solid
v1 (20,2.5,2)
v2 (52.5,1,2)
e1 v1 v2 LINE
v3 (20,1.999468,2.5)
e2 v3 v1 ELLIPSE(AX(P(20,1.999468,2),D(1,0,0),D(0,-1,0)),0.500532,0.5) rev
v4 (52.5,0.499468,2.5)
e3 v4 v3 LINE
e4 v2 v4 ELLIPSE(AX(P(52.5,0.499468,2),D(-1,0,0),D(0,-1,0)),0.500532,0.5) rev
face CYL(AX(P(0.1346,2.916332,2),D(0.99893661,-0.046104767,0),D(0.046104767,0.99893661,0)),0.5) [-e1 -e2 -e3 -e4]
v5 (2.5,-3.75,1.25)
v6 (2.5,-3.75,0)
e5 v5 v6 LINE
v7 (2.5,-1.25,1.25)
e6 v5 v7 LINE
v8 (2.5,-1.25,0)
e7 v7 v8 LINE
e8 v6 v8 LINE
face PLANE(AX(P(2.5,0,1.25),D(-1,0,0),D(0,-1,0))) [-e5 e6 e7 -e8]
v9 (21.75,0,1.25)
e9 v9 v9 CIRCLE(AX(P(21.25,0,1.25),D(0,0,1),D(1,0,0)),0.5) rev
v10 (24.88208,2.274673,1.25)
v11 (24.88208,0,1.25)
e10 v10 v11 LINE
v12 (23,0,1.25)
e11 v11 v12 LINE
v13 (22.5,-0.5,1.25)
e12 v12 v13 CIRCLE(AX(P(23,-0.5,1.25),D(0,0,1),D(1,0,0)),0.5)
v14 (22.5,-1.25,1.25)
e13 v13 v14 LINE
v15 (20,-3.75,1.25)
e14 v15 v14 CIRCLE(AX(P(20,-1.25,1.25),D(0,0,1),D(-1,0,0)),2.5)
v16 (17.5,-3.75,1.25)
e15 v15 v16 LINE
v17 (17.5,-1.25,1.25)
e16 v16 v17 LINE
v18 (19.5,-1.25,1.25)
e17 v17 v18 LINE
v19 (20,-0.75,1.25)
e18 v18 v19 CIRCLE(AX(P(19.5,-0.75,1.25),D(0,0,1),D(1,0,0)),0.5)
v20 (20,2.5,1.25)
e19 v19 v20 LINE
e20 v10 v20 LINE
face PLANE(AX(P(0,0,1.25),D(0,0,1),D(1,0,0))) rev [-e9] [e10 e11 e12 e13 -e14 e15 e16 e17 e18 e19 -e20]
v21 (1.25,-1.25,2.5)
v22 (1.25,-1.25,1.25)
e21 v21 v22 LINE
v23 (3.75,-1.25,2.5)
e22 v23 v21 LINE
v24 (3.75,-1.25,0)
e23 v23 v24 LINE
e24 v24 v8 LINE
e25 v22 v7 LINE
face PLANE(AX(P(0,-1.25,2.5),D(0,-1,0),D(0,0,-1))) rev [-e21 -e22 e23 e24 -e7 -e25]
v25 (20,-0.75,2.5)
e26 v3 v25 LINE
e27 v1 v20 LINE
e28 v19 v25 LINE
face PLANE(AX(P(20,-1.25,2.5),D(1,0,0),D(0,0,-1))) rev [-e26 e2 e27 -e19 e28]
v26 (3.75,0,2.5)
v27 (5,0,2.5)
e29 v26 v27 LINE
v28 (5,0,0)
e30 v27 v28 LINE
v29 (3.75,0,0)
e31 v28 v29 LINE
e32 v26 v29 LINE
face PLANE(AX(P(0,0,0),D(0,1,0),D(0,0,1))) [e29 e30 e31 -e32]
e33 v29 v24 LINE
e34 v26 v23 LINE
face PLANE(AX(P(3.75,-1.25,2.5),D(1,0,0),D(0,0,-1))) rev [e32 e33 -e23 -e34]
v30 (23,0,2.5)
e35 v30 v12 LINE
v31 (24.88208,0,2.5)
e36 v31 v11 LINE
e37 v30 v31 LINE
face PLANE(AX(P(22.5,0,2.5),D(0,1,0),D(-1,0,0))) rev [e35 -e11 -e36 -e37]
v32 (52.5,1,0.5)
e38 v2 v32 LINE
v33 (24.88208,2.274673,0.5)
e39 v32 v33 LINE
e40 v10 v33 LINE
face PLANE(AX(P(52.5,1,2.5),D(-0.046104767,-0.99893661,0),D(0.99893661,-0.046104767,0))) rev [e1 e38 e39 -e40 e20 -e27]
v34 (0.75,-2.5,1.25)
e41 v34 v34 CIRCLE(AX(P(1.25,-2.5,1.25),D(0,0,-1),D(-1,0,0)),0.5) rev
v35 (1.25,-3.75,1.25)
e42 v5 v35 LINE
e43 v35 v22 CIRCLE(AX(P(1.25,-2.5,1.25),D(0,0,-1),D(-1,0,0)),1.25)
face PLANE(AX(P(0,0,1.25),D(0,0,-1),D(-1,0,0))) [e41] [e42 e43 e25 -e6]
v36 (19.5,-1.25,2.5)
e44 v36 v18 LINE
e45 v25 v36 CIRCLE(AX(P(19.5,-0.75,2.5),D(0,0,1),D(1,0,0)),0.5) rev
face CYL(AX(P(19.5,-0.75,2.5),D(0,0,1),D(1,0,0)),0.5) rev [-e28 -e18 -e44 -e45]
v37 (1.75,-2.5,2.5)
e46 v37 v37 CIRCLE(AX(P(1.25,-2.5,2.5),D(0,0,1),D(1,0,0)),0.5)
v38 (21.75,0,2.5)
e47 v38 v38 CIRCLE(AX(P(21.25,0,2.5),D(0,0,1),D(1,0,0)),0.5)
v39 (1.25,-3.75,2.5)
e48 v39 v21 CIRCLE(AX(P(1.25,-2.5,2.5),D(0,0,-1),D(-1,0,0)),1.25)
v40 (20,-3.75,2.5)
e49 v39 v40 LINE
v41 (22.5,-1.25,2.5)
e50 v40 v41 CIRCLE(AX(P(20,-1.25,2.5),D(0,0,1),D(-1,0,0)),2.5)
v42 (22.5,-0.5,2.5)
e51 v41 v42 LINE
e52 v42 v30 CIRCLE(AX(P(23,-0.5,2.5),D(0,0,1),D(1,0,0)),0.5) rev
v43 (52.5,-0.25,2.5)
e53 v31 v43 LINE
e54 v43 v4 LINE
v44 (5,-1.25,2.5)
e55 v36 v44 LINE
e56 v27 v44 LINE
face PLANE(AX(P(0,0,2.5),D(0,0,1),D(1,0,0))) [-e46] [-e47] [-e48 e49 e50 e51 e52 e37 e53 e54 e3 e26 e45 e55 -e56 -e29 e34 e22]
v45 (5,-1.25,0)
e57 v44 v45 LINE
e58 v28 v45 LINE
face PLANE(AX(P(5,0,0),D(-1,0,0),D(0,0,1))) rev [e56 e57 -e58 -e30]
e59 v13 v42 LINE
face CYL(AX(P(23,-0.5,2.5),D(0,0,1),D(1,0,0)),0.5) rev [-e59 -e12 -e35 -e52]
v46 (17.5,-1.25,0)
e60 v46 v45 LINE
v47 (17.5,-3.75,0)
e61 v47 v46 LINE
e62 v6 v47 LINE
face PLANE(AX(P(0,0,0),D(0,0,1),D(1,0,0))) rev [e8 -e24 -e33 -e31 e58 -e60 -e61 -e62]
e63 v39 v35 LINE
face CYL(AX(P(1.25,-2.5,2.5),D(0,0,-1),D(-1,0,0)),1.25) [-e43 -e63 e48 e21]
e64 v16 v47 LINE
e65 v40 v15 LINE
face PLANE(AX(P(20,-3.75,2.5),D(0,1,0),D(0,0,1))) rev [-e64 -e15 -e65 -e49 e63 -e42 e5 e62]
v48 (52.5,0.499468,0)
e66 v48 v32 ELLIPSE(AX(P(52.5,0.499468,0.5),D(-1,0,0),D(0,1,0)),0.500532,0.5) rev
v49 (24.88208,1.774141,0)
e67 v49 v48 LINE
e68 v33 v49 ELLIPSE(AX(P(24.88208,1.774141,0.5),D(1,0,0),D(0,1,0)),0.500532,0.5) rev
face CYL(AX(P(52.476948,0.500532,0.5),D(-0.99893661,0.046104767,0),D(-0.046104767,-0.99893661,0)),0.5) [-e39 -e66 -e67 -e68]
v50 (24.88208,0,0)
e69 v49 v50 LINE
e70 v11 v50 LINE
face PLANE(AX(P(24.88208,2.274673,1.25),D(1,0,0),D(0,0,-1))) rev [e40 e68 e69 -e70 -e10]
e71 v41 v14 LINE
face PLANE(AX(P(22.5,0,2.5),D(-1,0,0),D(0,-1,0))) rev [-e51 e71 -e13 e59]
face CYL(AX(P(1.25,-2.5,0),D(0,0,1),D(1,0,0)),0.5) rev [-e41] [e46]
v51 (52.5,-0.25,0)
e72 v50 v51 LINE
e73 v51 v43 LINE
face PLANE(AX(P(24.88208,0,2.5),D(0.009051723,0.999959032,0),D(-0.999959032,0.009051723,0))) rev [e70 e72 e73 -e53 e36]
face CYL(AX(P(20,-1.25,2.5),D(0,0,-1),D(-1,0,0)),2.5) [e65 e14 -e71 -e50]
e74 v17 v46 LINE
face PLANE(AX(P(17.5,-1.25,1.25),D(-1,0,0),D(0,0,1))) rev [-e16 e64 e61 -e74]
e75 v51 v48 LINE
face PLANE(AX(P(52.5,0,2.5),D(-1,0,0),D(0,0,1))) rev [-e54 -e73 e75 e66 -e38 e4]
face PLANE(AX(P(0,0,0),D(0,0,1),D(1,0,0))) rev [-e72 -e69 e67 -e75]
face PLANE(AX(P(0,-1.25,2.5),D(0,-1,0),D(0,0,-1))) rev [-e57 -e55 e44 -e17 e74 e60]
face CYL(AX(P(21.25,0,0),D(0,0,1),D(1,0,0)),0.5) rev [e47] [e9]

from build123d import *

# Parameters (mm, degrees)
BOSS_EXTRUDE1_DEPTH = 2.5
SKETCH2_W           = 2.5
SKETCH2_H           = 6.25
SKETCH2_H_2         = 2.5
CUT_EXTRUDE1_DEPTH  = 1.25
SKETCH3_R           = 0.5
CUT_EXTRUDE2_DEPTH  = 2.25
SKETCH4_W           = 2.5
SKETCH4_H           = 2.5
SKETCH4_R           = 0.5
SKETCH4_H_2         = 6.134615385
BOSS_EXTRUDE2_DEPTH = 1.25
BOSS_EXTRUDE3_DEPTH = 1.25
SKETCH6_W           = 2.5
SKETCH6_H           = 6.25
SKETCH6_H_2         = 2.5
CUT_EXTRUDE3_DEPTH  = 1.25
CUT_EXTRUDE4_DEPTH  = 1.25
CUT_EXTRUDE5_DEPTH  = 1.25
CUT_EXTRUDE6_DEPTH  = 1.25
CUT_EXTRUDE7_DEPTH  = 1.25
CUT_EXTRUDE8_DEPTH  = 1.25
BOSS_EXTRUDE4_DEPTH = 1.25
CUT_EXTRUDE9_DEPTH  = 1.25
FILLET2_R           = 0.5
FILLET3_R           = 0.5
FILLET4_R           = 0.5
CUT_EXTRUDE10_DEPTH = 1.25
SKETCH16_W          = 2.5
SKETCH16_H          = 2.5
BOSS_EXTRUDE5_DEPTH = 1.25
SKETCH17_W          = 27.617920392
SKETCH17_H          = 2.5
BOSS_EXTRUDE6_DEPTH = 0.25
CUT_EXTRUDE11_DEPTH = 3.5
SKETCH19_W          = 1.25
SKETCH19_H          = 1.25
CUT_EXTRUDE12_DEPTH = 3.5


with BuildPart() as part:
    # Sketch1 → Boss-Extrude1 (new body)
    with BuildSketch(Plane.XY):
        Polygon((0, -1.25), (0, -3.75), (20, -3.75), (22.5, -3.75), (22.5, 0), (52.5, 0), (52.5, 1), (20, 2.5), (20, 0), (20, -1.25), align=None)
    extrude(amount=BOSS_EXTRUDE1_DEPTH)

    # Sketch2 → Cut-Extrude1 (cut)
    with BuildSketch(Plane.XY.offset(2.5)):
        with Locations((21.25, -0.625)):
            Rectangle(SKETCH2_W, SKETCH2_H)
        with Locations((1.25, -2.5)):
            Rectangle(SKETCH2_W, SKETCH2_H_2)
    extrude(amount=-CUT_EXTRUDE1_DEPTH, mode=Mode.SUBTRACT)

    # Sketch3 → Cut-Extrude2 (cut, through all)
    with BuildSketch(Plane.XY.offset(1.25)):
        with Locations((1.25, -2.5)):
            Circle(SKETCH3_R)
        with Locations((21.25, 0)):
            Circle(SKETCH3_R)
    extrude(amount=-CUT_EXTRUDE2_DEPTH, mode=Mode.SUBTRACT)

    # Sketch4 → Boss-Extrude2 (add)
    with BuildSketch(Plane.XY.offset(1.25)):
        with Locations((1.25, -2.5)):
            Rectangle(SKETCH4_W, SKETCH4_H)
        with Locations((1.25, -2.5)):
            Circle(SKETCH4_R, mode=Mode.SUBTRACT)
        with Locations((21.25, -0.682692308)):
            Rectangle(SKETCH4_W, SKETCH4_H_2)
        with Locations((21.25, 0)):
            Circle(SKETCH4_R, mode=Mode.SUBTRACT)
    extrude(amount=BOSS_EXTRUDE2_DEPTH)

    # Sketch5 → Boss-Extrude3 (add)
    with BuildSketch(Plane.XY.offset(1.25)):
        Polygon((20, 2.384615385), (20, 2.5), (22.5, 2.384615385), align=None)
    extrude(amount=BOSS_EXTRUDE3_DEPTH)

    # Sketch6 → Cut-Extrude3 (cut)
    with BuildSketch(Plane(origin=(0, 0, 0), x_dir=(-1, 0, 0), z_dir=(0, 0, -1))):
        with Locations((-21.25, -0.625)):
            Rectangle(SKETCH6_W, SKETCH6_H)
        with Locations((-1.25, -2.5)):
            Rectangle(SKETCH6_W, SKETCH6_H_2)
    extrude(amount=-CUT_EXTRUDE3_DEPTH, mode=Mode.SUBTRACT)

    # Sketch7 → Cut-Extrude4 (cut)
    with BuildSketch(Plane(origin=(0, 0, 0), x_dir=(-1, 0, 0), z_dir=(0, 0, -1))):
        with BuildLine():
            Line((-2.5, -3.75), (-2.5, -1.25))
            ThreePointArc((-2.5, -1.25), (-3.75, -2.5), (-2.5, -3.75))
        make_face()
    extrude(amount=-CUT_EXTRUDE4_DEPTH, mode=Mode.SUBTRACT)

    # Sketch9 → Cut-Extrude5 (cut)
    with BuildSketch(Plane(origin=(0, 0, 1.25), x_dir=(-1, 0, 0), z_dir=(0, 0, -1))):
        with BuildLine():
            Line((0, -1.25), (-1.25, -1.25))
            ThreePointArc((-1.25, -1.25), (-0.366116524, -1.616116524), (0, -2.5))
            Line((0, -2.5), (0, -1.25))
        make_face()
        with BuildLine():
            Line((0, -3.75), (0, -2.5))
            ThreePointArc((0, -2.5), (-0.366116524, -3.383883476), (-1.25, -3.75))
            Line((-1.25, -3.75), (0, -3.75))
        make_face()
    extrude(amount=-CUT_EXTRUDE5_DEPTH, mode=Mode.SUBTRACT)

    # Sketch10 → Cut-Extrude6 (cut)
    with BuildSketch(Plane(origin=(0, 0, 0), x_dir=(-1, 0, 0), z_dir=(0, 0, -1))):
        with BuildLine():
            Line((-22.5, 2.384615385), (-24.882079608, 2.274673249))
            ThreePointArc((-24.882079608, 2.274673249), (-24.146848631, 0.660005249), (-22.5, 0))
            Line((-22.5, 0), (-22.5, 2.384615385))
        make_face()
        with BuildLine():
            Line((-20, -3.75), (-20, -1.25))
            Line((-20, -1.25), (-17.5, -1.25))
            ThreePointArc((-17.5, -1.25), (-18.232233047, -3.017766953), (-20, -3.75))
        make_face()
    extrude(amount=-CUT_EXTRUDE6_DEPTH, mode=Mode.SUBTRACT)

    # Sketch11 → Cut-Extrude7 (cut)
    with BuildSketch(Plane(origin=(0, 0, 1.25), x_dir=(-1, 0, 0), z_dir=(0, 0, -1))):
        with BuildLine():
            Line((-22.5, -1.25), (-22.5, -3.75))
            Line((-22.5, -3.75), (-20, -3.75))
            ThreePointArc((-20, -3.75), (-21.767766953, -3.017766953), (-22.5, -1.25))
        make_face()
    extrude(amount=-CUT_EXTRUDE7_DEPTH, mode=Mode.SUBTRACT)

    # Sketch12 → Cut-Extrude8 (cut)
    with BuildSketch(Plane(origin=(0, 0, 0), x_dir=(-1, 0, 0), z_dir=(0, 0, -1))):
        with BuildLine():
            Line((-24.882079608, 2.274673249), (-24.882079608, 0))
            Line((-24.882079608, 0), (-22.5, 0))
            ThreePointArc((-22.5, 0), (-24.146848631, 0.660005249), (-24.882079608, 2.274673249))
        make_face()
    extrude(amount=-CUT_EXTRUDE8_DEPTH, mode=Mode.SUBTRACT)

    # Sketch13 → Boss-Extrude4 (add)
    with BuildSketch(Plane(origin=(0, 0, 1.25), x_dir=(-1, 0, 0), z_dir=(0, 0, -1))):
        with BuildLine():
            Line((-2.5, -1.25), (-2, -1.25))
            ThreePointArc((-2, -1.25), (-2.5, -2.5), (-2, -3.75))
            Line((-2, -3.75), (-2.5, -3.75))
            ThreePointArc((-2.5, -3.75), (-3.75, -2.5), (-2.5, -1.25))
        make_face()
    extrude(amount=BOSS_EXTRUDE4_DEPTH)

    # Sketch14 → Cut-Extrude9 (cut)
    with BuildSketch(Plane(origin=(0, 0, 0), x_dir=(-1, 0, 0), z_dir=(0, 0, -1))):
        with BuildLine():
            Line((-17.5, -1.25), (-17.5, -3.75))
            Line((-17.5, -3.75), (-20, -3.75))
            ThreePointArc((-20, -3.75), (-18.232233047, -3.017766953), (-17.5, -1.25))
        make_face()
    extrude(amount=-CUT_EXTRUDE9_DEPTH, mode=Mode.SUBTRACT)

    # Fillet2
    fillet2_edges = [part.edges().sort_by_distance(p)[0] for p in [
        (38.691039804, 1.637336624, 0),
        (36.25, 1.75, 2.5),
    ]]
    fillet(fillet2_edges, radius=FILLET2_R)

    # Fillet3
    fillet3_edges = [part.edges().sort_by_distance(p)[0] for p in [
        (22.5, 0, 1.875),
    ]]
    fillet(fillet3_edges, radius=FILLET3_R)

    # Fillet4
    fillet4_edges = [part.edges().sort_by_distance(p)[0] for p in [
        (20, -1.25, 1.875),
    ]]
    fillet(fillet4_edges, radius=FILLET4_R)

    # Sketch15 → Cut-Extrude10 (cut)
    with BuildSketch(Plane(origin=(0, 0, 0), x_dir=(-1, 0, 0), z_dir=(0, 0, -1))):
        with BuildLine():
            Line((-2.5, -1.25), (-2.5, -2.500000004))
            ThreePointArc((-2.5, -2.500000004), (-2.370364003, -1.826854401), (-2, -1.25))
            Line((-2, -1.25), (-2.5, -1.25))
        make_face()
        with BuildLine():
            Line((-2.5, -3.75), (-2, -3.75))
            ThreePointArc((-2, -3.75), (-2.370364002, -3.173145603), (-2.5, -2.500000004))
            Line((-2.5, -2.500000004), (-2.5, -3.75))
        make_face()
    extrude(amount=-CUT_EXTRUDE10_DEPTH, mode=Mode.SUBTRACT)

    # Sketch16 → Boss-Extrude5 (add)
    with BuildSketch(Plane(origin=(0, -1.25, 0), x_dir=(1, 0, 0), z_dir=(0, 1, 0))):
        with Locations((3.75, -1.25)):
            Rectangle(SKETCH16_W, SKETCH16_H)
    extrude(amount=BOSS_EXTRUDE5_DEPTH)

    # Sketch17 → Boss-Extrude6 (add)
    with BuildSketch(Plane.XZ):
        with Locations((38.691039804, 1.25)):
            Rectangle(SKETCH17_W, SKETCH17_H)
    extrude(amount=BOSS_EXTRUDE6_DEPTH)

    # Sketch18 → Cut-Extrude11 (cut, through all)
    with BuildSketch(Plane(origin=(0, 0, 0), x_dir=(-1, 0, 0), z_dir=(0, 0, -1))):
        Polygon((-24.882079608, 0), (-52.5, -0.25), (-24.882079608, -0.25), align=None)
    extrude(amount=-CUT_EXTRUDE11_DEPTH, mode=Mode.SUBTRACT)

    # Sketch19 → Cut-Extrude12 (cut, through all)
    with BuildSketch(Plane(origin=(0, 0, 0), x_dir=(-1, 0, 0), z_dir=(0, 0, -1))):
        with Locations((-3.125, -0.625)):
            Rectangle(SKETCH19_W, SKETCH19_H)
    extrude(amount=-CUT_EXTRUDE12_DEPTH, mode=Mode.SUBTRACT)


solid = part.part
